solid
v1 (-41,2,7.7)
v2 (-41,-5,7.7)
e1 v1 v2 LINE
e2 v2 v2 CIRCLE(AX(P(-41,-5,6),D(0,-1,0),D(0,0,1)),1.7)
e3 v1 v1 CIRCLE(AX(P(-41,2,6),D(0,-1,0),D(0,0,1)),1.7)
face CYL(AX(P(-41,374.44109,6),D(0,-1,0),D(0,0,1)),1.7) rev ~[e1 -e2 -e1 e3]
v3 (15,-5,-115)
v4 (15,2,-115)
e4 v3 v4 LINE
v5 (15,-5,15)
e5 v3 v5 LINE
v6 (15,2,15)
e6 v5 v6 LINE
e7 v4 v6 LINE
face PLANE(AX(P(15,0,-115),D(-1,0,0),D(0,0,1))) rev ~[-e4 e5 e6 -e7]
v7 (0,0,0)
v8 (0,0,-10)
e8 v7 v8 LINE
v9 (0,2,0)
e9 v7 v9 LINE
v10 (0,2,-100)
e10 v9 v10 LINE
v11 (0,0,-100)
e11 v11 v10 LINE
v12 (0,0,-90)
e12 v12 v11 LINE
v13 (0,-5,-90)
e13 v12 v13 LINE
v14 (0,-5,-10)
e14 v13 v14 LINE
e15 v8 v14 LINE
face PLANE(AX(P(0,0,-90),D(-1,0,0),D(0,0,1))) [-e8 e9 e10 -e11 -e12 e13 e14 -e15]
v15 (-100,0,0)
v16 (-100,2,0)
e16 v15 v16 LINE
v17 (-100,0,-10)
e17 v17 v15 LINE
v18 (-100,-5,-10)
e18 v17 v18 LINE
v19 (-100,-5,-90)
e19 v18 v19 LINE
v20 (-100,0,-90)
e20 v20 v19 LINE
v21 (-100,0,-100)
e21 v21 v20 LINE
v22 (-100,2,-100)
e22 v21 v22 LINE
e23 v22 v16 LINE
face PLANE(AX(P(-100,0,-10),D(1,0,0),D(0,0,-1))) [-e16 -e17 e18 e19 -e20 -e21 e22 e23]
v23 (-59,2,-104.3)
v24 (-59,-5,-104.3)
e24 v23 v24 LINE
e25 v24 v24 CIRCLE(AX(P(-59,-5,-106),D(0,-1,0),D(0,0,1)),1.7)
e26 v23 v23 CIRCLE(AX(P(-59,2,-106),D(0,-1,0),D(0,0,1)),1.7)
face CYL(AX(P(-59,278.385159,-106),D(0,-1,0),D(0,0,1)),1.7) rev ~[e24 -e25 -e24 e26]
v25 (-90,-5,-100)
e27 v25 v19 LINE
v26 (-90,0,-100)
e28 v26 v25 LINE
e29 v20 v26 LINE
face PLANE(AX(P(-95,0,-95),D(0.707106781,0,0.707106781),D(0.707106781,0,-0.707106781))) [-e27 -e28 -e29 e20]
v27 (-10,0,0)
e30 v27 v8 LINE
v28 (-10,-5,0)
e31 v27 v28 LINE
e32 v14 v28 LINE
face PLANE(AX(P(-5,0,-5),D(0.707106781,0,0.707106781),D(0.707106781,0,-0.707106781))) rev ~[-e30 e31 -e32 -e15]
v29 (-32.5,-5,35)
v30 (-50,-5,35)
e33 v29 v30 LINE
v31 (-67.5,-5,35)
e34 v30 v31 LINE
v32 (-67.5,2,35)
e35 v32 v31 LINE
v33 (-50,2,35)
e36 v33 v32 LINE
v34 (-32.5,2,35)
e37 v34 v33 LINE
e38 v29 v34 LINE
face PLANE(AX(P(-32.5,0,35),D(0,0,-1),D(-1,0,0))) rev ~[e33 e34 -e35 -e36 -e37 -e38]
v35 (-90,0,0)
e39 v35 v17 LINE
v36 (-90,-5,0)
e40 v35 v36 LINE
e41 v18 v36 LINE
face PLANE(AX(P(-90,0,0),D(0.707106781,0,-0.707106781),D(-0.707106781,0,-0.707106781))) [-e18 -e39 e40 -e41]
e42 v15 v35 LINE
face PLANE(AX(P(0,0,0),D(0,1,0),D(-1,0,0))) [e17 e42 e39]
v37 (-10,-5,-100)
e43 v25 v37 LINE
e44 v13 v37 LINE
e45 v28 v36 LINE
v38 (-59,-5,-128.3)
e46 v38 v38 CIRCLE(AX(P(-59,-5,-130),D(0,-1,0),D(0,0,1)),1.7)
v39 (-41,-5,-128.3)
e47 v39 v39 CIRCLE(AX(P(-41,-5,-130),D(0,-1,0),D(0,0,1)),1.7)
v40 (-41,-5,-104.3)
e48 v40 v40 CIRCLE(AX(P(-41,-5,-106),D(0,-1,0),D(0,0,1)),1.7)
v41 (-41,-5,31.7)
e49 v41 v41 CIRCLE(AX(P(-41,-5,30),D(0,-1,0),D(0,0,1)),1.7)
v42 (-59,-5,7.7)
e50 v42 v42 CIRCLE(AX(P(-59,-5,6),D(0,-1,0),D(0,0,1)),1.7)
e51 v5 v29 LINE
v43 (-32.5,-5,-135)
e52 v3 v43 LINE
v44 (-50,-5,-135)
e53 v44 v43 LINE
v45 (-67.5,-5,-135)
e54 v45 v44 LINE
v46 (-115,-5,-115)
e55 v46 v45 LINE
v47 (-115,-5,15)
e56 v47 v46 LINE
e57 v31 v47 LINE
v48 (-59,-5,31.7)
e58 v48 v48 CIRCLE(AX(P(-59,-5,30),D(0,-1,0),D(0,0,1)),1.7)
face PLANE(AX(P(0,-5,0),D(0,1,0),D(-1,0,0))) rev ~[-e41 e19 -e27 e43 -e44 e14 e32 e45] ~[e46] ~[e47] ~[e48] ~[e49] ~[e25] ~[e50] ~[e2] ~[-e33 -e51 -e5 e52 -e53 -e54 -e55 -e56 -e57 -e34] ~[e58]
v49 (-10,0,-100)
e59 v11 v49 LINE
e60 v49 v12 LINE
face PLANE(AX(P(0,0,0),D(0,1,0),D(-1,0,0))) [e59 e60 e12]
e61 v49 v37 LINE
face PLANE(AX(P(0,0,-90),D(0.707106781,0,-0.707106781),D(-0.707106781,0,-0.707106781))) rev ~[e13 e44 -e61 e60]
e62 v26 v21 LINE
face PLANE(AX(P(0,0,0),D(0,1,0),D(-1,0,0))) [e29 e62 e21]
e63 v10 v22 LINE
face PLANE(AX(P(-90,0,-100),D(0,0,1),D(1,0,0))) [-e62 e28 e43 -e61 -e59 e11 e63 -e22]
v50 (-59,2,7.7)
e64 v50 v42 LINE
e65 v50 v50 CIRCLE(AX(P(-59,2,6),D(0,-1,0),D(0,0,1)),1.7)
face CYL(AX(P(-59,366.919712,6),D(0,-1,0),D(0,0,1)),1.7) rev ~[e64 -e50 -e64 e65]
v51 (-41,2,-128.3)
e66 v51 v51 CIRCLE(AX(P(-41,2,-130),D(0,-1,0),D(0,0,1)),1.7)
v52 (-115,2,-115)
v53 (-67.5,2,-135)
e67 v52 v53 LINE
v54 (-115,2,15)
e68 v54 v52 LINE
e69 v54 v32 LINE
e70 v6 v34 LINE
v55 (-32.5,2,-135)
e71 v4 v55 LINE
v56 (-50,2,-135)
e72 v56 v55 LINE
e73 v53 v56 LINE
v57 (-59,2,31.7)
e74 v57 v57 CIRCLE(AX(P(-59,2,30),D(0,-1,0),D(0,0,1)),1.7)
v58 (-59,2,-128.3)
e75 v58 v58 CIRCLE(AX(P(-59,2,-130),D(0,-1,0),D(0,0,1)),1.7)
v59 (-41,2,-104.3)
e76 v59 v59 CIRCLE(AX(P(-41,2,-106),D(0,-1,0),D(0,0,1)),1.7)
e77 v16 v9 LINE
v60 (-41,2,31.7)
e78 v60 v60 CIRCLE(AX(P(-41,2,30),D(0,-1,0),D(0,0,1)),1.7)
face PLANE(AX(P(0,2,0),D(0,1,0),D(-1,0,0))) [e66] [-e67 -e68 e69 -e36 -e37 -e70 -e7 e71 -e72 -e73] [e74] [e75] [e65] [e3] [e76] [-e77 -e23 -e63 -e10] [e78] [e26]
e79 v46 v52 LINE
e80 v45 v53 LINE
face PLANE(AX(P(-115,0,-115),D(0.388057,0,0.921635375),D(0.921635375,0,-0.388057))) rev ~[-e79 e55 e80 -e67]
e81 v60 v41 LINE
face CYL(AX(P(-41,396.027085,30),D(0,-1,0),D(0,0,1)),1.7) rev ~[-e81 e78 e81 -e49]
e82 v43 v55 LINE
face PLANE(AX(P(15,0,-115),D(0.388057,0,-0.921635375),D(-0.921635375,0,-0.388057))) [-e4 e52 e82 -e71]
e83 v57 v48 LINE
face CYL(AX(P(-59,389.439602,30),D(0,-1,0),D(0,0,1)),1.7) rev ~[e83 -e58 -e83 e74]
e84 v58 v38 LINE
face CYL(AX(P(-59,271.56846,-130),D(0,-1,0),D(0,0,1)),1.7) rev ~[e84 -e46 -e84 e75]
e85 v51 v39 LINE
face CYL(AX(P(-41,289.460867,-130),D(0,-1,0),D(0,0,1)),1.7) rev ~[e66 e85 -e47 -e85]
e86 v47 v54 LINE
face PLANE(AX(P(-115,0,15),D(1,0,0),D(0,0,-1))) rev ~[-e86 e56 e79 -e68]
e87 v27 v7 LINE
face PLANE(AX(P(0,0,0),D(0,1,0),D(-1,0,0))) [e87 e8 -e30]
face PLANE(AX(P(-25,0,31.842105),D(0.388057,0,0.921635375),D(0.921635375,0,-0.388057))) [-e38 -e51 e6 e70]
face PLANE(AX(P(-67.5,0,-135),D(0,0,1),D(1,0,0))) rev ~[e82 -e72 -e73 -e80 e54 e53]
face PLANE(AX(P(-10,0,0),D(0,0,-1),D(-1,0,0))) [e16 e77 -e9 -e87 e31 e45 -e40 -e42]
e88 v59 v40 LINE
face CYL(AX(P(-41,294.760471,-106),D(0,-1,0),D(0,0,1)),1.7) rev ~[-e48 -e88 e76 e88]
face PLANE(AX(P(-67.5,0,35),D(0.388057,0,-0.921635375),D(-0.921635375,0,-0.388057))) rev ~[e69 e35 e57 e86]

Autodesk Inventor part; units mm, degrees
ref_plane "YZ Plane" through (0, 0, 0) normal (1, 0, 0) x (0, 1, 0)
ref_plane "XZ Plane" through (0, 0, 0) normal (0, 1, 0) x (-1, 0, 0)
ref_plane "XY Plane" through (0, 0, 0) normal (0, 0, 1) x (1, 0, 0)
sketch "Sketch1" plane through (0, 0, 0) normal (0, 1, 0) x (-1, 0, 0)
  line L0 (0, 0) -> (100, 0)
  line L1 (100, 0) -> (100, -100)
  line L2 (100, -100) -> (0, -100)
  line L3 (0, -100) -> (0, 0)
  line L4 (100, 0) -> (0, -100)
  line L5 (100, -100) -> (0, 0)
  line L6 (-15, 35) -> (115, 35)
  line L7 (115, 35) -> (115, -135)
  line L8 (115, -135) -> (-15, -135)
  line L9 (-15, -135) -> (-15, 35)
  line L10 (-15, 35) -> (115, -135) construction
  line L11 (115, 35) -> (-15, -135) construction
  line L12 (115, 35) -> (115, 15)
  line L13 (115, 15) -> (75, 15)
  line L14 (75, 15) -> (75, 35)
  line L15 (-15, 35) -> (-15, 15)
  line L16 (-15, 15) -> (25, 15)
  line L17 (25, 15) -> (25, 35)
  line L18 (75, 15) -> (67.5, 15)
  line L19 (67.5, 15) -> (67.5, 35)
  line L20 (25, 15) -> (32.5, 15)
  line L21 (32.5, 15) -> (32.5, 35)
  line L22 (32.5, 35) -> (-15, 15)
  line L23 (67.5, 35) -> (115, 15)
  line L24 (115, -135) -> (115, -115)
  line L25 (115, -115) -> (67.5, -115)
  line L26 (67.5, -115) -> (67.5, -135)
  line L27 (-15, -135) -> (-15, -115)
  line L28 (-15, -115) -> (32.5, -115)
  line L29 (32.5, -115) -> (32.5, -135)
  line L30 (115, -115) -> (67.5, -135)
  line L31 (-15, -115) -> (32.5, -135)
  line L32 (100, 0) -> (100, -10)
  line L33 (100, -10) -> (90, -10)
  line L34 (90, -10) -> (90, 0)
  line L35 (100, -100) -> (100, -90)
  line L36 (100, -90) -> (90, -90)
  line L37 (90, -90) -> (90, -100)
  line L38 (0, -100) -> (10, -100)
  line L39 (10, -100) -> (10, -90)
  line L40 (10, -90) -> (0, -90)
  line L41 (0, 0) -> (10, 0)
  line L42 (10, 0) -> (10, -10)
  line L43 (0, -10) -> (10, -10)
  line L44 (90, 0) -> (100, -10)
  line L45 (100, -90) -> (90, -100)
  line L46 (0, -90) -> (10, -100)
  line L47 (10, 0) -> (0, -10)
  line L48 (50, -135) -> (50, -130)
  line L49 (41, -130) -> (59, -130)
  line L50 (59, -130) -> (59, -106)
  line L51 (59, -106) -> (41, -106)
  line L52 (41, -106) -> (41, -130)
  line L53 (50, 35) -> (50, 30)
  line L54 (41, 30) -> (59, 30)
  line L55 (59, 30) -> (59, 6)
  line L56 (59, 6) -> (41, 6)
  line L57 (41, 6) -> (41, 30)
  point P0 (50, -50)
  dimension "d0" = 100
  dimension "d1" = 100
  dimension "d4" = 130
  dimension "d5" = 170
  dimension "d6" = 20
  dimension "d7" = 40
  dimension "d8" = 40
  dimension "d10" = 7.5
  dimension "d11" = 7.5
  dimension "d12" = 20
  dimension "d13" = 47.5
  dimension "d14" = 10
  dimension "d15" = 10
  dimension "d16" = 10
  dimension "d17" = 10
  dimension "d22" = 5
  dimension "d23" = 18
  dimension "d24" = 24
  dimension "d25" = 5
  dimension "d26" = 18
  dimension "d27" = 24
extrude "Extrusion1" add sketch "Sketch1" against normal blind 5 contours L5 L47 L3 | L0 L47 L5 | L0 L4 L44 | L46 L4 L3 | L1 L44 L4 | L4 L46 L2 | L1 L5 L45 | L5 L2 L45 | L49 L52 L51 L50 | L54 L55 L56 L57 | L16 L20 L21 L6 L19 L18 L13 L7 L25 L26 L8 L29 L28 L9 | L22 L17 L16 | L21 L20 L17 L22 | L28 L29 L31 | L23 L14 L18 L19 | L23 L13 L14 | L26 L25 L30
extrude "Extrusion2" add sketch "Sketch1" along normal blind 2 contours L49 L52 L51 L50 | L54 L55 L56 L57 | L16 L20 L21 L6 L19 L18 L13 L7 L25 L26 L8 L29 L28 L9 | L22 L17 L16 | L21 L20 L17 L22 | L28 L29 L31 | L23 L14 L18 L19 | L23 L13 L14 | L26 L25 L30
hole "Hole1" at (-59, 0, 30) at (-59, 0, 6) at (-41, 0, 30) at (-41, 0, 6) at (-59, 0, -130) at (-41, 0, -130) at (-41, 0, -106) at (-59, 0, -106) direction (0, -1, 0) diameter 3.4 end through all both
properties part number "BedHousingFrame"
